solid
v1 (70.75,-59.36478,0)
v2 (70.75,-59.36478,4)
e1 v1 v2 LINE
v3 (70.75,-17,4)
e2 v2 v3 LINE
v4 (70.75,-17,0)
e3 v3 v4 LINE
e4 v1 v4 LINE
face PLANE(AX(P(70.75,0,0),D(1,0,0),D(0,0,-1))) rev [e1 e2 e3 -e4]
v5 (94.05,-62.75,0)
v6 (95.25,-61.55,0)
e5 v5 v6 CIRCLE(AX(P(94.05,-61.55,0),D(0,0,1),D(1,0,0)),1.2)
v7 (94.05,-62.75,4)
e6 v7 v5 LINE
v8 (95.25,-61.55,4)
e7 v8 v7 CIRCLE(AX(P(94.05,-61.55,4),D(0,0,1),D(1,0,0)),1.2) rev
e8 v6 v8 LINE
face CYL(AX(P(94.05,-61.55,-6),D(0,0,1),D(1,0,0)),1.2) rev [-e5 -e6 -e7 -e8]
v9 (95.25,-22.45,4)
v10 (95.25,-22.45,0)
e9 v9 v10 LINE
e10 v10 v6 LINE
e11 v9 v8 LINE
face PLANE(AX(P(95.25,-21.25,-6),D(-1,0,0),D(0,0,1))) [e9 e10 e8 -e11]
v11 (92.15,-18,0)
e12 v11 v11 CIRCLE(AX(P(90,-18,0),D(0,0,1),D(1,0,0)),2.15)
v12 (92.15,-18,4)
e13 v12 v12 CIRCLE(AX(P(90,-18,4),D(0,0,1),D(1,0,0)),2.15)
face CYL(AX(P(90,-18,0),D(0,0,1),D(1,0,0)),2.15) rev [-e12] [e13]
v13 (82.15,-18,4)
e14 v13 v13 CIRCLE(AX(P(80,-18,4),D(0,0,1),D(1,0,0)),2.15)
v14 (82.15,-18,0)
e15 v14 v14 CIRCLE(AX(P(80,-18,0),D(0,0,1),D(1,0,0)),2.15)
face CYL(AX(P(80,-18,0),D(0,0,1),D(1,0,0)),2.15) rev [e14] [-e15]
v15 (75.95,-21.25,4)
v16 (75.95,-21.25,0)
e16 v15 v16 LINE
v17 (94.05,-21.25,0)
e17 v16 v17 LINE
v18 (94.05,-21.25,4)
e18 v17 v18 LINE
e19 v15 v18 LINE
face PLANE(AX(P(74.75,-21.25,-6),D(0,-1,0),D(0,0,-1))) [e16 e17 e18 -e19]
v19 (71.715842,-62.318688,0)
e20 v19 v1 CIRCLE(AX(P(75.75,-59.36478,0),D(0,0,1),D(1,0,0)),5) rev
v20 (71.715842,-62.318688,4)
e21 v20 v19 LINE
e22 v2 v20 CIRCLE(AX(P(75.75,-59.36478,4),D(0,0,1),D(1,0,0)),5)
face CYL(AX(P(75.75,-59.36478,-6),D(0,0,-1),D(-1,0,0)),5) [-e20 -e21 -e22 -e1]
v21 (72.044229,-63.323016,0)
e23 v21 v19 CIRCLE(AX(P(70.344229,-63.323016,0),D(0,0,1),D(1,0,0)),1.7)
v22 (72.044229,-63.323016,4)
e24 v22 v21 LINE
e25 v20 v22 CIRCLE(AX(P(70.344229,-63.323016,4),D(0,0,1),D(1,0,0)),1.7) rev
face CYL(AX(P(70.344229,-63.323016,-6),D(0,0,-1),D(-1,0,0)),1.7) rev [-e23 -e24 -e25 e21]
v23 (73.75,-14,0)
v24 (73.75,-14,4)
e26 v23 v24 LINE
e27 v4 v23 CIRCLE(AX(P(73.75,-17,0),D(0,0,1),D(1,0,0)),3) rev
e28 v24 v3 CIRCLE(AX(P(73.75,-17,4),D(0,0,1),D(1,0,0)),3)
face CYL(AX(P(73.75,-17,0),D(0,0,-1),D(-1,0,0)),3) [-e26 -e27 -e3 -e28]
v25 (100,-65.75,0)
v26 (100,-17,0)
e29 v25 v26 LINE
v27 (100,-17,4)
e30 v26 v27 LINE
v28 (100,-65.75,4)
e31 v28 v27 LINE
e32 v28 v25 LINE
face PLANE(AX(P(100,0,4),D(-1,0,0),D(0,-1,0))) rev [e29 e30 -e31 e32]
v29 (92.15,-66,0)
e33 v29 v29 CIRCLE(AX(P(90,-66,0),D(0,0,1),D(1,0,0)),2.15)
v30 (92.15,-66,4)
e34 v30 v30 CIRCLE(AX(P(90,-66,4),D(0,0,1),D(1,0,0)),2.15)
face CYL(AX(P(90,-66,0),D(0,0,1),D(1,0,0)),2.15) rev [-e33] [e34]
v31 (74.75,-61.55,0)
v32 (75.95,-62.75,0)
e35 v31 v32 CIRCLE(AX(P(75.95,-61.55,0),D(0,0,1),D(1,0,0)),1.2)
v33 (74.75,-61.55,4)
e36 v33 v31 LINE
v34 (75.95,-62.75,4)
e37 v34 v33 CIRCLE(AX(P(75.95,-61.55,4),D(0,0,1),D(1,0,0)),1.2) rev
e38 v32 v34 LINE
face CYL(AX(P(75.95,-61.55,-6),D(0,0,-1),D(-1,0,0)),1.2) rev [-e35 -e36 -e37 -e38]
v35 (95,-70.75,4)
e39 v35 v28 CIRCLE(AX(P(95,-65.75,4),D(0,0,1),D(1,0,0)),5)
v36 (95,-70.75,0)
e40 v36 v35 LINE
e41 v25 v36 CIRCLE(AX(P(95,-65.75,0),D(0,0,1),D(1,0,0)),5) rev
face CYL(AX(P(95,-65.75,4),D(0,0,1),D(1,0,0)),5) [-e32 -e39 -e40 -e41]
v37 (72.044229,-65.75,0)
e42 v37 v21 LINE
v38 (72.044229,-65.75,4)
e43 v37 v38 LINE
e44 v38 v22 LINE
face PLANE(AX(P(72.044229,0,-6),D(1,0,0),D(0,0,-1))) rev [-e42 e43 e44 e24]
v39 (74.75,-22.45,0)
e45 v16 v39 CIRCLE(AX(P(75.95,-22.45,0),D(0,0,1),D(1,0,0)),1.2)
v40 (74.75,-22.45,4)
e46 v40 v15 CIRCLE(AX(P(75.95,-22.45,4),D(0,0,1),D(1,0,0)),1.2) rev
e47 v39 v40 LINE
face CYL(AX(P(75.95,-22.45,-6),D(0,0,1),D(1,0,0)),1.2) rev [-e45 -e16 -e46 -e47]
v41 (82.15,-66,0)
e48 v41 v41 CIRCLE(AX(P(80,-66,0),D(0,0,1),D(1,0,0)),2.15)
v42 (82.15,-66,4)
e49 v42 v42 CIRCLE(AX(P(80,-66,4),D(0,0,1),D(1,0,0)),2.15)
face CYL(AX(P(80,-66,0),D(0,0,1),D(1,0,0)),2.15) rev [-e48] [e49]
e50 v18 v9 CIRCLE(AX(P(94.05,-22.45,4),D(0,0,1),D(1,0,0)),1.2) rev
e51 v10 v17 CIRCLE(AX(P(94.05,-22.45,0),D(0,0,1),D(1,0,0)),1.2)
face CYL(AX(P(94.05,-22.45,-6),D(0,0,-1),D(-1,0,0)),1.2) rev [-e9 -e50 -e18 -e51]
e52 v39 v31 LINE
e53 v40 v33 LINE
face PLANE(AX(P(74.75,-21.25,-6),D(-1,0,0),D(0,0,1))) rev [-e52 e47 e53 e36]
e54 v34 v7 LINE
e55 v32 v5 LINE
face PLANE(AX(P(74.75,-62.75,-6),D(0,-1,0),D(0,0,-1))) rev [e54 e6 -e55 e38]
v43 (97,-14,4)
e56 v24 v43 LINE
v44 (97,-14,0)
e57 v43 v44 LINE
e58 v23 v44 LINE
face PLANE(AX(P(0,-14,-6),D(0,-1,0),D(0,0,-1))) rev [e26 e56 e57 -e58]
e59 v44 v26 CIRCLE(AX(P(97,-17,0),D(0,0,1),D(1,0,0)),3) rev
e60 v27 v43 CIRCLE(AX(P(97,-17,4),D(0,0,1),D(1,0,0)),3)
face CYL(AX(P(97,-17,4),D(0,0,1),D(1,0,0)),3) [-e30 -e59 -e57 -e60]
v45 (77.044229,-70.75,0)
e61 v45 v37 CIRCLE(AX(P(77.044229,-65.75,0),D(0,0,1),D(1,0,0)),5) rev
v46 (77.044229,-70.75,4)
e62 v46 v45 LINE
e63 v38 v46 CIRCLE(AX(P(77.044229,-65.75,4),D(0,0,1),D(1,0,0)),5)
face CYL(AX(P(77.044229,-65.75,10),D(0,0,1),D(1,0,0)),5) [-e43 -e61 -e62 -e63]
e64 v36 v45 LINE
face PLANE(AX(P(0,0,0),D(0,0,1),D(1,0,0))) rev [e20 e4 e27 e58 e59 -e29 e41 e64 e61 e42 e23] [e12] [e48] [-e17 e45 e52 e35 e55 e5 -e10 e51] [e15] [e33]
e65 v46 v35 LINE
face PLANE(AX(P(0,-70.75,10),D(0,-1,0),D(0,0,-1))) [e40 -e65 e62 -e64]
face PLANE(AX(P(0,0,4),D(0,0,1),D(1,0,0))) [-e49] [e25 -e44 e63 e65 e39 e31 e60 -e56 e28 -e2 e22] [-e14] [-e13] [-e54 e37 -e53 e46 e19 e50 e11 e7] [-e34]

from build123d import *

# Parameters (mm, degrees)
SKETCH_1_W           = 100
SKETCH_1_H           = 100
EXTRUDE_1_DEPTH      = 4
SKETCH_2_R           = 2.15
CUT_EXTRUDE_1_DEPTH  = 142.477913471
SKETCH_3_R           = 1.65
CUT_EXTRUDE_2_DEPTH  = 142.477913471
SKETCH_4_R           = 1.65
CUT_EXTRUDE_3_DEPTH  = 142.477913471
SKETCH_5_W           = 20.5
SKETCH_5_H           = 41.5
CUT_EXTRUDE_4_DEPTH  = 10
SKETCH_6_W           = 55
SKETCH_6_H           = 100
CUT_EXTRUDE_5_DEPTH  = 10
FILLET_2_R           = 1.2
SKETCH_8_R           = 1.65
CUT_EXTRUDE_6_DEPTH  = 142.477913471
SKETCH_9_W           = 15.75
SKETCH_9_H           = 78.5
CUT_EXTRUDE_7_DEPTH  = 142.477913471
CUT_EXTRUDE_8_DEPTH  = 10
FILLET_5_R           = 3
SKETCH_11_W          = 29.25
SKETCH_11_H          = 14
CUT_EXTRUDE_9_DEPTH  = 10
FILLET_7_R           = 3
SKETCH_12_R          = 1.65
CUT_EXTRUDE_10_DEPTH = 10
FILLET_8_R           = 3
EXTRUDE_2_DEPTH      = 4
FILLET_9_R           = 5
CUT_EXTRUDE_11_DEPTH = 10
FILLET_10_R          = 1.7
SKETCH_15_R          = 1.65
CUT_EXTRUDE_12_DEPTH = 10
FILLET_11_R          = 5


with BuildPart() as part:
    # 草图1 → 凸台-拉伸1 (new body)
    with BuildSketch(Plane.XY):
        with Locations((50, -50)):
            Rectangle(SKETCH_1_W, SKETCH_1_H)
    extrude(amount=EXTRUDE_1_DEPTH)

    # 草图2 → 切除-拉伸1 (cut, through all)
    with BuildSketch(Plane.XY.offset(4)):
        with Locations((80, -66)):
            Circle(SKETCH_2_R)
        with Locations((90, -66)):
            Circle(SKETCH_2_R)
        with Locations((90, -18)):
            Circle(SKETCH_2_R)
        with Locations((80, -18)):
            Circle(SKETCH_2_R)
    extrude(amount=-CUT_EXTRUDE_1_DEPTH, mode=Mode.SUBTRACT)

    # 草图3 → 切除-拉伸2 (cut, through all)
    with BuildSketch(Plane.XY.offset(4)):
        with Locations((73, -95)):
            Circle(SKETCH_3_R)
        with Locations((73, -85)):
            Circle(SKETCH_3_R)
        with Locations((85, -85)):
            Circle(SKETCH_3_R)
        with Locations((85, -95)):
            Circle(SKETCH_3_R)
    extrude(amount=-CUT_EXTRUDE_2_DEPTH, mode=Mode.SUBTRACT)

    # 草图4 → 切除-拉伸3 (cut, through all)
    with BuildSketch(Plane.XY.offset(4)):
        with BuildLine():
            ThreePointArc((81, -100), (71.5, -90.5), (62, -100))
            Line((62, -100), (81, -100))
        make_face()
        with Locations((73, -95)):
            Circle(SKETCH_4_R, mode=Mode.SUBTRACT)
    extrude(amount=-CUT_EXTRUDE_3_DEPTH, mode=Mode.SUBTRACT)

    # 草图5 → 切除-拉伸4 (cut)
    with BuildSketch(Plane.XY.offset(4)):
        with Locations((85, -42)):
            Rectangle(SKETCH_5_W, SKETCH_5_H)
    extrude(amount=-CUT_EXTRUDE_4_DEPTH, mode=Mode.SUBTRACT)

    # 草图6 → 切除-拉伸5 (cut)
    with BuildSketch(Plane.XY.offset(4)):
        with Locations((27.5, -50)):
            Rectangle(SKETCH_6_W, SKETCH_6_H)
    extrude(amount=-CUT_EXTRUDE_5_DEPTH, mode=Mode.SUBTRACT)

    # 圆角2
    fillet_2_edges = [part.edges().sort_by_distance(p)[0] for p in [
        (95.25, -62.75, 2),
        (74.75, -62.75, 2),
        (74.75, -21.25, 2),
        (95.25, -21.25, 2),
    ]]
    fillet(fillet_2_edges, radius=FILLET_2_R)

    # 草图8 → 切除-拉伸6 (cut, through all)
    with BuildSketch(Plane.XY.offset(4)):
        with Locations((59, -85)):
            Circle(SKETCH_8_R)
    extrude(amount=-CUT_EXTRUDE_6_DEPTH, mode=Mode.SUBTRACT)

    # 草图9 → 切除-拉伸7 (cut, through all)
    with BuildSketch(Plane.XY.offset(4)):
        with BuildLine():
            Line((71.5, -90.5), (55, -90.5))
            Line((55, -90.5), (55, -100))
            Line((55, -100), (62, -100))
            ThreePointArc((62, -100), (64.782485579, -93.282485579), (71.5, -90.5))
        make_face()
        with Locations((62.875, -39.25)):
            Rectangle(SKETCH_9_W, SKETCH_9_H)
    extrude(amount=-CUT_EXTRUDE_7_DEPTH, mode=Mode.SUBTRACT)

    # 草图10 → 切除-拉伸8 (cut)
    with BuildSketch(Plane.XY.offset(4)):
        with BuildLine():
            Line((100, -87.5), (55, -87.5))
            Line((55, -87.5), (55, -90.5))
            Line((55, -90.5), (71.5, -90.5))
            ThreePointArc((71.5, -90.5), (78.217514421, -93.282485579), (81, -100))
            Line((81, -100), (100, -100))
            Line((100, -100), (100, -87.5))
        make_face()
    extrude(amount=-CUT_EXTRUDE_8_DEPTH, mode=Mode.SUBTRACT)

    # 圆角5
    fillet_5_edges = [part.edges().sort_by_distance(p)[0] for p in [
        (100, -87.5, 2),
        (55, -87.5, 2),
    ]]
    fillet(fillet_5_edges, radius=FILLET_5_R)

    # 草图11 → 切除-拉伸9 (cut)
    with BuildSketch(Plane.XY.offset(4)):
        with Locations((85.375, -7)):
            Rectangle(SKETCH_11_W, SKETCH_11_H)
    extrude(amount=-CUT_EXTRUDE_9_DEPTH, mode=Mode.SUBTRACT)

    # 圆角7
    fillet_7_edges = [part.edges().sort_by_distance(p)[0] for p in [
        (70.75, -14, 2),
        (100, -14, 2),
    ]]
    fillet(fillet_7_edges, radius=FILLET_7_R)

    # 草图12 → 切除-拉伸10 (cut)
    with BuildSketch(Plane.XY.offset(4)):
        with BuildLine():
            Line((64.339745962, -87.5), (81.660254038, -87.5))
            ThreePointArc((81.660254038, -87.5), (73, -82.5), (64.339745962, -87.5))
        make_face()
        with Locations((73, -85)):
            Circle(SKETCH_12_R, mode=Mode.SUBTRACT)
    extrude(amount=-CUT_EXTRUDE_10_DEPTH, mode=Mode.SUBTRACT)

    # 圆角8
    fillet_8_edges = [part.edges().sort_by_distance(p)[0] for p in [
        (64.339745962, -87.5, 2),
        (81.660254038, -87.5, 2),
    ]]
    fillet(fillet_8_edges, radius=FILLET_8_R)

    # 草图13 → 凸台-拉伸2 (add)
    with BuildSketch(Plane.XY.offset(4)):
        Polygon((70.75, -51.220199781), (55, -78.5), (70.75, -78.5), align=None)
    extrude(amount=-EXTRUDE_2_DEPTH)

    # 圆角9
    fillet_9_edges = [part.edges().sort_by_distance(p)[0] for p in [
        (55, -78.5, 2),
        (70.75, -51.220199781, 2),
    ]]
    fillet(fillet_9_edges, radius=FILLET_9_R)

    # 草图14 → 切除-拉伸11 (cut)
    with BuildSketch(Plane.XY.offset(4)):
        Polygon((72.044228634, -79.339745962), (72.044228634, -56.97853003), (59.133974596, -79.339745962), align=None)
    extrude(amount=-CUT_EXTRUDE_11_DEPTH, mode=Mode.SUBTRACT)

    # 圆角10
    fillet_10_edges = [part.edges().sort_by_distance(p)[0] for p in [
        (72.044228634, -79.339745962, 2),
        (59.133974596, -79.339745962, 2),
        (72.044228634, -56.97853003, 2),
    ]]
    fillet(fillet_10_edges, radius=FILLET_10_R)

    # 草图15 → 切除-拉伸12 (cut)
    # profile 1 of 4: a face of its own
    with BuildSketch(Plane(origin=(0, 0, 0), x_dir=(-1, 0, 0), z_dir=(0, 0, -1))):
        with BuildLine():
            Line((-59.474464586, -70.75), (-55.667552662, -70.75))
            Line((-55.667552662, -70.75), (-55.667552662, -49.880453819))
            Line((-55.667552662, -49.880453819), (-70.75, -49.880453819))
            ThreePointArc((-70.75, -49.880453819), (-70.579629131, -51.174549044), (-70.080127019, -52.380453819))
            Line((-70.080127019, -52.380453819), (-59.474464586, -70.75))
        make_face()
    # profile 2 of 4: a face of its own
    with BuildSketch(Plane(origin=(0, 0, 0), x_dir=(-1, 0, 0), z_dir=(0, 0, -1))):
        with BuildLine():
            Line((-41.658398954, -70.75), (-55.667552662, -70.75))
            Line((-55.667552662, -70.75), (-59.474464586, -70.75))
            Line((-59.474464586, -70.75), (-55.669872981, -77.339745962))
            ThreePointArc((-55.669872981, -77.339745962), (-55.170370869, -78.545650737), (-55, -79.839745962))
            Line((-55, -79.839745962), (-55, -84.5))
            ThreePointArc((-55, -84.5), (-55.878679656, -86.621320344), (-58, -87.5))
            Line((-58, -87.5), (-62.753049234, -87.5))
            ThreePointArc((-62.753049234, -87.5), (-64.068636263, -87.196151103), (-65.11773018, -86.346153846))
            ThreePointArc((-65.11773018, -86.346153846), (-73, -82.5), (-80.88226982, -86.346153846))
            ThreePointArc((-80.88226982, -86.346153846), (-81.931363737, -87.196151103), (-83.246950766, -87.5))
            Line((-83.246950766, -87.5), (-97, -87.5))
            ThreePointArc((-97, -87.5), (-99.121320344, -86.621320344), (-100, -84.5))
            Line((-100, -84.5), (-100, -90.078728051))
            Line((-100, -90.078728051), (-41.658398954, -90.078728051))
            Line((-41.658398954, -90.078728051), (-41.658398954, -70.75))
        make_face()
    # profile 3 of 4: a face of its own
    with BuildSketch(Plane(origin=(0, 0, 0), x_dir=(-1, 0, 0), z_dir=(0, 0, -1))):
        with BuildLine():
            Line((-55.669872981, -77.339745962), (-59.474464586, -70.75))
            Line((-59.474464586, -70.75), (-64.09326674, -70.75))
            Line((-64.09326674, -70.75), (-60.606217783, -76.789745962))
            ThreePointArc((-60.606217783, -76.789745962), (-60.606217783, -78.489745962), (-62.078460969, -79.339745962))
            Line((-62.078460969, -79.339745962), (-70.344228634, -79.339745962))
            ThreePointArc((-70.344228634, -79.339745962), (-71.546310162, -78.84182749), (-72.044228634, -77.639745962))
            Line((-72.044228634, -77.639745962), (-72.044228634, -70.75))
            Line((-72.044228634, -70.75), (-100, -70.75))
            Line((-100, -70.75), (-100, -84.5))
            ThreePointArc((-100, -84.5), (-99.121320344, -86.621320344), (-97, -87.5))
            Line((-97, -87.5), (-83.246950766, -87.5))
            ThreePointArc((-83.246950766, -87.5), (-81.931363737, -87.196151103), (-80.88226982, -86.346153846))
            ThreePointArc((-80.88226982, -86.346153846), (-73, -82.5), (-65.11773018, -86.346153846))
            ThreePointArc((-65.11773018, -86.346153846), (-64.068636263, -87.196151103), (-62.753049234, -87.5))
            Line((-62.753049234, -87.5), (-58, -87.5))
            ThreePointArc((-58, -87.5), (-55.878679656, -86.621320344), (-55, -84.5))
            Line((-55, -84.5), (-55, -79.839745962))
            ThreePointArc((-55, -79.839745962), (-55.170370869, -78.545650737), (-55.669872981, -77.339745962))
        make_face()
        with Locations((-85, -85)):
            Circle(SKETCH_15_R, mode=Mode.SUBTRACT)
        with Locations((-59, -85)):
            Circle(SKETCH_15_R, mode=Mode.SUBTRACT)
    # profile 4 of 4: a face of its own
    with BuildSketch(Plane(origin=(0, 0, 0), x_dir=(-1, 0, 0), z_dir=(0, 0, -1))):
        with BuildLine():
            Line((-64.09326674, -70.75), (-59.474464586, -70.75))
            Line((-59.474464586, -70.75), (-70.080127019, -52.380453819))
            ThreePointArc((-70.080127019, -52.380453819), (-70.579629131, -51.174549044), (-70.75, -49.880453819))
            Line((-70.75, -49.880453819), (-70.75, -61.672153114))
            ThreePointArc((-70.75, -61.672153114), (-69.677380797, -61.759266435), (-68.871985448, -62.473016403))
            Line((-68.871985448, -62.473016403), (-64.09326674, -70.75))
        make_face()
    extrude(amount=-CUT_EXTRUDE_12_DEPTH, mode=Mode.SUBTRACT)

    # 圆角11
    fillet_11_edges = [part.edges().sort_by_distance(p)[0] for p in [
        (70.75, -61.672153114, 2),
        (100, -70.75, 2),
        (72.044228634, -70.75, 2),
    ]]
    fillet(fillet_11_edges, radius=FILLET_11_R)


solid = part.part
